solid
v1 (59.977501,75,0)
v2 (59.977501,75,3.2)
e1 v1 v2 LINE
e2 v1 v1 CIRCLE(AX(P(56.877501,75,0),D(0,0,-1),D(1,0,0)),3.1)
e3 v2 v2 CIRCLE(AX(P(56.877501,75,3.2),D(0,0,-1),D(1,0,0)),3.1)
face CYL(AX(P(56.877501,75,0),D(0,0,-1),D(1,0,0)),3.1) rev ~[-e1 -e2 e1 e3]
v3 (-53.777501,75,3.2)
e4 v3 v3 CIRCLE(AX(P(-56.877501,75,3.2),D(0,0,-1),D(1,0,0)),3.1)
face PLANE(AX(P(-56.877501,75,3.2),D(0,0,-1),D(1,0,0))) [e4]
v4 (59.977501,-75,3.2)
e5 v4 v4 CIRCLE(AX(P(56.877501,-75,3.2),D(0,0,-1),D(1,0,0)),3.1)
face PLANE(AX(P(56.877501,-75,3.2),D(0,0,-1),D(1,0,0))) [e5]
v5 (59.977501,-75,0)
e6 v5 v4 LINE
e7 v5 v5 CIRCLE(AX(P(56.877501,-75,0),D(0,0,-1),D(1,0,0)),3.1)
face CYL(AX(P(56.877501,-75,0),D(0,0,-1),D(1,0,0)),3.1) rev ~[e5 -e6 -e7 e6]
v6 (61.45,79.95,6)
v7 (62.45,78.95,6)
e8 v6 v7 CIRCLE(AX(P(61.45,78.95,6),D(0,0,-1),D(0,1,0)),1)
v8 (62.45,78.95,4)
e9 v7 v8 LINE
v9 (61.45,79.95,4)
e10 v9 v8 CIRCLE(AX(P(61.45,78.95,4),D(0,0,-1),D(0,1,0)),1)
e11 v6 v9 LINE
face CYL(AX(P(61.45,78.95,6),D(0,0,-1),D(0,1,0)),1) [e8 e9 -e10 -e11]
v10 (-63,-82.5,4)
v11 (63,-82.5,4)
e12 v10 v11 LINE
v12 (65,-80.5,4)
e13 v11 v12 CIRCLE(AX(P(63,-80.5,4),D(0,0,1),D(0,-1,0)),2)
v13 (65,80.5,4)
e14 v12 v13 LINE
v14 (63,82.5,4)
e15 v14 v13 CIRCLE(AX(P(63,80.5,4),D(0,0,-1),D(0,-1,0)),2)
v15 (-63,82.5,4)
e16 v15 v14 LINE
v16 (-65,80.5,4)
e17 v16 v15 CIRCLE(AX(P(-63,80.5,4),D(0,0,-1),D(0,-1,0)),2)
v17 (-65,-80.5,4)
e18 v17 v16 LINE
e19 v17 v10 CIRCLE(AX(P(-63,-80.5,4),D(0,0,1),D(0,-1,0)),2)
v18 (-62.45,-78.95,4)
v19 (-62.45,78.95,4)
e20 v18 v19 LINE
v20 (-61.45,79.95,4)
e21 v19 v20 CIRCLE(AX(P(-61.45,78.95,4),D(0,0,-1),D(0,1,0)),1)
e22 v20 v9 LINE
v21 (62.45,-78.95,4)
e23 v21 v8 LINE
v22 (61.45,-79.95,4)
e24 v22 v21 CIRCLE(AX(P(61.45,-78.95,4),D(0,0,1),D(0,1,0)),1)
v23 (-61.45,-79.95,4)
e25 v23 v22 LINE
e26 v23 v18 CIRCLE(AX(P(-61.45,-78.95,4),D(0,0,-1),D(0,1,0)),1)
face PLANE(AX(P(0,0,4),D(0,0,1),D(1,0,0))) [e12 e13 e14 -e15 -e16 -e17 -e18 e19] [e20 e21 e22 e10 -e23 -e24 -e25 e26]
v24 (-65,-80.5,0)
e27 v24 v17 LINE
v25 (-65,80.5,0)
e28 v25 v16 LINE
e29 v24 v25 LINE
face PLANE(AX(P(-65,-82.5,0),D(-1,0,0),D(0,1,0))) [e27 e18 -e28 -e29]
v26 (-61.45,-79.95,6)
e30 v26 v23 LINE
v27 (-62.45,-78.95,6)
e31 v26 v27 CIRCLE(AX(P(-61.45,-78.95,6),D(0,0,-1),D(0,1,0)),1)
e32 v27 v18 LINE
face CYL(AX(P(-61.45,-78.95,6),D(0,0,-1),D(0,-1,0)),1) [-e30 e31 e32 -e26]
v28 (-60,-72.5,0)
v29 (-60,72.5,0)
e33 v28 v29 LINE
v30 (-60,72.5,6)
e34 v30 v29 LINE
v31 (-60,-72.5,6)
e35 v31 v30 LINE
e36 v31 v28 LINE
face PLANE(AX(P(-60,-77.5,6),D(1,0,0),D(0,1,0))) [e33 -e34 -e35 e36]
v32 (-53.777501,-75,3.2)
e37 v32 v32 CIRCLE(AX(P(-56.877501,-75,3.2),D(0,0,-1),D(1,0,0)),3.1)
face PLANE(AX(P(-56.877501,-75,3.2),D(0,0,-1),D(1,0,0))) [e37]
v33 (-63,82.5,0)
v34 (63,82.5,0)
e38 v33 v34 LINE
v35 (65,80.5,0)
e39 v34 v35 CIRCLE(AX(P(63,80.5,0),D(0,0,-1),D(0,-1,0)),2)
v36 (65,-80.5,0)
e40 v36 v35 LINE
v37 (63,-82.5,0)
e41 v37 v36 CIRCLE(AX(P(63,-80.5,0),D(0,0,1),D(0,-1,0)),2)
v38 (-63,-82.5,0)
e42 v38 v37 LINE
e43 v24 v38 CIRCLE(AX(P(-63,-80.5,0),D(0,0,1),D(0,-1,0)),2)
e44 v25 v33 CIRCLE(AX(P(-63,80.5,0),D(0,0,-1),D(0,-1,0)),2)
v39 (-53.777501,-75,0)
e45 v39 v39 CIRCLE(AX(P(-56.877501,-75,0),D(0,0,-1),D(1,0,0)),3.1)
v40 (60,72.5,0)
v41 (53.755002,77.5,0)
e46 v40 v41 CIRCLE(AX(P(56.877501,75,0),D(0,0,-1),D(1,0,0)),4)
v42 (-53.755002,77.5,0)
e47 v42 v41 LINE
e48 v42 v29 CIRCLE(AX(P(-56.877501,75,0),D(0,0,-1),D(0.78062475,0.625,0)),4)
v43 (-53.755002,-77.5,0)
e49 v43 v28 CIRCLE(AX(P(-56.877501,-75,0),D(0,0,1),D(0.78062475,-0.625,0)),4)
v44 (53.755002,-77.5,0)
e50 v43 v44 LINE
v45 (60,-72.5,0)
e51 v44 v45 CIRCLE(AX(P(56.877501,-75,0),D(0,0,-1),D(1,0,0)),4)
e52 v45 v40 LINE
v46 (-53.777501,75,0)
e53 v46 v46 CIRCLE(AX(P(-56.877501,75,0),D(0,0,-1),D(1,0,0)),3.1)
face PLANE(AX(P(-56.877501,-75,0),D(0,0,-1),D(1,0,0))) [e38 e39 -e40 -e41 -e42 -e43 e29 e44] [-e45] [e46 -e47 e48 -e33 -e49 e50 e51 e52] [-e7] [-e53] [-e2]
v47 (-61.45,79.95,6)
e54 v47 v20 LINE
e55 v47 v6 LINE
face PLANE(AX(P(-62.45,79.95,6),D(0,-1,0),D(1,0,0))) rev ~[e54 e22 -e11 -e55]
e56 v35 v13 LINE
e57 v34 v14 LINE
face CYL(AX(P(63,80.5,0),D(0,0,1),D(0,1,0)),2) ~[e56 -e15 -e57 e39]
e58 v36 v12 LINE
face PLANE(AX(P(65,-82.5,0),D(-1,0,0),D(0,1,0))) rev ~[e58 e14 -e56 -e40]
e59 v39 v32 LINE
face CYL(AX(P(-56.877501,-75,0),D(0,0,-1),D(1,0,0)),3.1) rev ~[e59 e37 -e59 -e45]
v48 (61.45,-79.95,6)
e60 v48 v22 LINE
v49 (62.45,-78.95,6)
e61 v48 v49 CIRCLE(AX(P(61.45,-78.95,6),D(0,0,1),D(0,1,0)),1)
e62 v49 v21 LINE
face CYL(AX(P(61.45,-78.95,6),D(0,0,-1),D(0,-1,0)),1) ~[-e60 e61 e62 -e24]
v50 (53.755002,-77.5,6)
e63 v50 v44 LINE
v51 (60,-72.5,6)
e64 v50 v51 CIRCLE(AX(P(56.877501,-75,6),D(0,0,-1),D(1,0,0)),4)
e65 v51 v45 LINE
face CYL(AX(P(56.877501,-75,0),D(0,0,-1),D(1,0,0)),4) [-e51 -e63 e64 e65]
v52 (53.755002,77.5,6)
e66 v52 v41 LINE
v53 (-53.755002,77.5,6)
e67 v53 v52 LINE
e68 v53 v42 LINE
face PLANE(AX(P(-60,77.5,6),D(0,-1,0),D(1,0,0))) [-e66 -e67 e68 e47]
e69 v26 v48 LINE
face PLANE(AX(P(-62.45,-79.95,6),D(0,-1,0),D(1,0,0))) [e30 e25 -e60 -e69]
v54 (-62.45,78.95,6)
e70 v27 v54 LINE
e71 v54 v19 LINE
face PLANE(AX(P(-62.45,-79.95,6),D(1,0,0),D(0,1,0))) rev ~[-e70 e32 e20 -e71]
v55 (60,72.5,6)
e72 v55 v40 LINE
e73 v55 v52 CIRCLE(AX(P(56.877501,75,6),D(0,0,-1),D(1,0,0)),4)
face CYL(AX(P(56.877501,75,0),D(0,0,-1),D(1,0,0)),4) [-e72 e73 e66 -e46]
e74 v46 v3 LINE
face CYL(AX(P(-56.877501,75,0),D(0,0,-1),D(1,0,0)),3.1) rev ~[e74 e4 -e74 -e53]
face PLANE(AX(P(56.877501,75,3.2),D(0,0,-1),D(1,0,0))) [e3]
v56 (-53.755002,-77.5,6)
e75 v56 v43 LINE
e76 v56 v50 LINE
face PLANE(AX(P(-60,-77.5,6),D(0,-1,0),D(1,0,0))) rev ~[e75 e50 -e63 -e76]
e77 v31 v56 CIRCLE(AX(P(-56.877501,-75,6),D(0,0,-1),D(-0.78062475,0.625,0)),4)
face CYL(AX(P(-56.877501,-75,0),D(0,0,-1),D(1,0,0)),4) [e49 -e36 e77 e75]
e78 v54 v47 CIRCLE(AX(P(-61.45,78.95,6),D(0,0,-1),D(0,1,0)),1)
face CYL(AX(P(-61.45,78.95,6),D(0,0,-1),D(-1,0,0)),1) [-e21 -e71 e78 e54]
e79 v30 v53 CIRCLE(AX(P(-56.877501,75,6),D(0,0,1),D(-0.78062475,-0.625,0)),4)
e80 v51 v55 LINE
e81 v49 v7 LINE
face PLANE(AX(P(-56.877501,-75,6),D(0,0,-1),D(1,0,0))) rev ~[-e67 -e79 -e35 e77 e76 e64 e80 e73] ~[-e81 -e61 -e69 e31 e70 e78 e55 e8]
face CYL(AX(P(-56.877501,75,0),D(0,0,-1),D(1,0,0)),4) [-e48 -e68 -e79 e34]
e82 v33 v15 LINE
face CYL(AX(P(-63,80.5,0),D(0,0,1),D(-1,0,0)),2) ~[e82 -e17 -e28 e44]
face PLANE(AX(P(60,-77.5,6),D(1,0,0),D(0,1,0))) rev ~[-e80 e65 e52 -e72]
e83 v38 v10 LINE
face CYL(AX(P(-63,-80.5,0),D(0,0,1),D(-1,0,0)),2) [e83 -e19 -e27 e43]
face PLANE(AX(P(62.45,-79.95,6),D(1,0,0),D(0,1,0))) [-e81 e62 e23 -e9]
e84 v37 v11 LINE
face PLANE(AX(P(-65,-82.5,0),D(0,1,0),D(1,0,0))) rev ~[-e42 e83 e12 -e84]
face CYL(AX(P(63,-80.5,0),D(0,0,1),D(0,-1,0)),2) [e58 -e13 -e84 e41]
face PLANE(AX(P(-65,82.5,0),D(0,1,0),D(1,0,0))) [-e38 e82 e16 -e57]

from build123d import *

# Parameters (mm, degrees)
SKETCH003_W     = 130
SKETCH003_H     = 165
PAD002_DEPTH    = 6
SKETCH004_W     = 120
SKETCH004_H     = 155
POCKET001_DEPTH = 10
SKETCH007_W     = 130
SKETCH007_H     = 165
SKETCH007_W_2   = 124.9
SKETCH007_H_2   = 159.9
POCKET002_DEPTH = 2
SKETCH008_R     = 4
PAD004_DEPTH    = 6
SKETCH009_R     = 3.1
POCKET003_DEPTH = 3.2
FILLET001_R     = 2
FILLET002_R     = 1
FILLET003_R     = 1
FILLET004_R     = 1
FILLET005_R     = 1


with BuildPart() as part:
    # Sketch003 → Pad002 (new body)
    with BuildSketch(Plane.XY):
        Rectangle(SKETCH003_W, SKETCH003_H)
    extrude(amount=PAD002_DEPTH)

    # Sketch004 (on Face6 of Pad002) → Pocket001 (cut)
    with BuildSketch(Plane.XY.offset(6)):
        Rectangle(SKETCH004_W, SKETCH004_H)
    extrude(amount=-POCKET001_DEPTH, mode=Mode.SUBTRACT)

    # Sketch007 (on Face5 of Pocket001) → Pocket002 (cut)
    with BuildSketch(Plane.XY.offset(6)):
        Rectangle(SKETCH007_W, SKETCH007_H)
        Rectangle(SKETCH007_W_2, SKETCH007_H_2, mode=Mode.SUBTRACT)
    extrude(amount=-POCKET002_DEPTH, mode=Mode.SUBTRACT)

    # Sketch008 (on Face2 of Pocket002) → Pad004 (join)
    with BuildSketch(Plane(origin=(0, 0, 0), x_dir=(1, 0, 0), z_dir=(0, 0, -1))):
        with Locations((-56.877501, 75)):
            Circle(SKETCH008_R)
        with Locations((56.877501, 75)):
            Circle(SKETCH008_R)
        with Locations((-56.877501, -75)):
            Circle(SKETCH008_R)
        with Locations((56.877501, -75)):
            Circle(SKETCH008_R)
    extrude(amount=-PAD004_DEPTH)

    # Sketch009 (on Face10 of Pad004) → Pocket003 (cut)
    with BuildSketch(Plane(origin=(0, 0, 0), x_dir=(1, 0, 0), z_dir=(0, 0, -1))):
        with Locations((-56.877501, 75)):
            Circle(SKETCH009_R)
        with Locations((56.877501, 75)):
            Circle(SKETCH009_R)
        with Locations((-56.877501, -75)):
            Circle(SKETCH009_R)
        with Locations((56.877501, -75)):
            Circle(SKETCH009_R)
    extrude(amount=-POCKET003_DEPTH, mode=Mode.SUBTRACT)

    # Fillet001
    fillet001_edges = [part.edges().sort_by_distance(p)[0] for p in [
        (65, -82.5, 2),
        (-65, -82.5, 2),
        (-65, 82.5, 2),
        (65, 82.5, 2),
    ]]
    fillet(fillet001_edges, radius=FILLET001_R)

    # Fillet002
    fillet002_edges = [part.edges().sort_by_distance(p)[0] for p in [
        (62.45, -79.95, 5),
    ]]
    fillet(fillet002_edges, radius=FILLET002_R)

    # Fillet003
    fillet003_edges = [part.edges().sort_by_distance(p)[0] for p in [
        (-62.45, -79.95, 5),
    ]]
    fillet(fillet003_edges, radius=FILLET003_R)

    # Fillet004
    fillet004_edges = [part.edges().sort_by_distance(p)[0] for p in [
        (-62.45, 79.95, 5),
    ]]
    fillet(fillet004_edges, radius=FILLET004_R)

    # Fillet005
    fillet005_edges = [part.edges().sort_by_distance(p)[0] for p in [
        (62.45, 79.95, 5),
    ]]
    fillet(fillet005_edges, radius=FILLET005_R)


solid = part.part
